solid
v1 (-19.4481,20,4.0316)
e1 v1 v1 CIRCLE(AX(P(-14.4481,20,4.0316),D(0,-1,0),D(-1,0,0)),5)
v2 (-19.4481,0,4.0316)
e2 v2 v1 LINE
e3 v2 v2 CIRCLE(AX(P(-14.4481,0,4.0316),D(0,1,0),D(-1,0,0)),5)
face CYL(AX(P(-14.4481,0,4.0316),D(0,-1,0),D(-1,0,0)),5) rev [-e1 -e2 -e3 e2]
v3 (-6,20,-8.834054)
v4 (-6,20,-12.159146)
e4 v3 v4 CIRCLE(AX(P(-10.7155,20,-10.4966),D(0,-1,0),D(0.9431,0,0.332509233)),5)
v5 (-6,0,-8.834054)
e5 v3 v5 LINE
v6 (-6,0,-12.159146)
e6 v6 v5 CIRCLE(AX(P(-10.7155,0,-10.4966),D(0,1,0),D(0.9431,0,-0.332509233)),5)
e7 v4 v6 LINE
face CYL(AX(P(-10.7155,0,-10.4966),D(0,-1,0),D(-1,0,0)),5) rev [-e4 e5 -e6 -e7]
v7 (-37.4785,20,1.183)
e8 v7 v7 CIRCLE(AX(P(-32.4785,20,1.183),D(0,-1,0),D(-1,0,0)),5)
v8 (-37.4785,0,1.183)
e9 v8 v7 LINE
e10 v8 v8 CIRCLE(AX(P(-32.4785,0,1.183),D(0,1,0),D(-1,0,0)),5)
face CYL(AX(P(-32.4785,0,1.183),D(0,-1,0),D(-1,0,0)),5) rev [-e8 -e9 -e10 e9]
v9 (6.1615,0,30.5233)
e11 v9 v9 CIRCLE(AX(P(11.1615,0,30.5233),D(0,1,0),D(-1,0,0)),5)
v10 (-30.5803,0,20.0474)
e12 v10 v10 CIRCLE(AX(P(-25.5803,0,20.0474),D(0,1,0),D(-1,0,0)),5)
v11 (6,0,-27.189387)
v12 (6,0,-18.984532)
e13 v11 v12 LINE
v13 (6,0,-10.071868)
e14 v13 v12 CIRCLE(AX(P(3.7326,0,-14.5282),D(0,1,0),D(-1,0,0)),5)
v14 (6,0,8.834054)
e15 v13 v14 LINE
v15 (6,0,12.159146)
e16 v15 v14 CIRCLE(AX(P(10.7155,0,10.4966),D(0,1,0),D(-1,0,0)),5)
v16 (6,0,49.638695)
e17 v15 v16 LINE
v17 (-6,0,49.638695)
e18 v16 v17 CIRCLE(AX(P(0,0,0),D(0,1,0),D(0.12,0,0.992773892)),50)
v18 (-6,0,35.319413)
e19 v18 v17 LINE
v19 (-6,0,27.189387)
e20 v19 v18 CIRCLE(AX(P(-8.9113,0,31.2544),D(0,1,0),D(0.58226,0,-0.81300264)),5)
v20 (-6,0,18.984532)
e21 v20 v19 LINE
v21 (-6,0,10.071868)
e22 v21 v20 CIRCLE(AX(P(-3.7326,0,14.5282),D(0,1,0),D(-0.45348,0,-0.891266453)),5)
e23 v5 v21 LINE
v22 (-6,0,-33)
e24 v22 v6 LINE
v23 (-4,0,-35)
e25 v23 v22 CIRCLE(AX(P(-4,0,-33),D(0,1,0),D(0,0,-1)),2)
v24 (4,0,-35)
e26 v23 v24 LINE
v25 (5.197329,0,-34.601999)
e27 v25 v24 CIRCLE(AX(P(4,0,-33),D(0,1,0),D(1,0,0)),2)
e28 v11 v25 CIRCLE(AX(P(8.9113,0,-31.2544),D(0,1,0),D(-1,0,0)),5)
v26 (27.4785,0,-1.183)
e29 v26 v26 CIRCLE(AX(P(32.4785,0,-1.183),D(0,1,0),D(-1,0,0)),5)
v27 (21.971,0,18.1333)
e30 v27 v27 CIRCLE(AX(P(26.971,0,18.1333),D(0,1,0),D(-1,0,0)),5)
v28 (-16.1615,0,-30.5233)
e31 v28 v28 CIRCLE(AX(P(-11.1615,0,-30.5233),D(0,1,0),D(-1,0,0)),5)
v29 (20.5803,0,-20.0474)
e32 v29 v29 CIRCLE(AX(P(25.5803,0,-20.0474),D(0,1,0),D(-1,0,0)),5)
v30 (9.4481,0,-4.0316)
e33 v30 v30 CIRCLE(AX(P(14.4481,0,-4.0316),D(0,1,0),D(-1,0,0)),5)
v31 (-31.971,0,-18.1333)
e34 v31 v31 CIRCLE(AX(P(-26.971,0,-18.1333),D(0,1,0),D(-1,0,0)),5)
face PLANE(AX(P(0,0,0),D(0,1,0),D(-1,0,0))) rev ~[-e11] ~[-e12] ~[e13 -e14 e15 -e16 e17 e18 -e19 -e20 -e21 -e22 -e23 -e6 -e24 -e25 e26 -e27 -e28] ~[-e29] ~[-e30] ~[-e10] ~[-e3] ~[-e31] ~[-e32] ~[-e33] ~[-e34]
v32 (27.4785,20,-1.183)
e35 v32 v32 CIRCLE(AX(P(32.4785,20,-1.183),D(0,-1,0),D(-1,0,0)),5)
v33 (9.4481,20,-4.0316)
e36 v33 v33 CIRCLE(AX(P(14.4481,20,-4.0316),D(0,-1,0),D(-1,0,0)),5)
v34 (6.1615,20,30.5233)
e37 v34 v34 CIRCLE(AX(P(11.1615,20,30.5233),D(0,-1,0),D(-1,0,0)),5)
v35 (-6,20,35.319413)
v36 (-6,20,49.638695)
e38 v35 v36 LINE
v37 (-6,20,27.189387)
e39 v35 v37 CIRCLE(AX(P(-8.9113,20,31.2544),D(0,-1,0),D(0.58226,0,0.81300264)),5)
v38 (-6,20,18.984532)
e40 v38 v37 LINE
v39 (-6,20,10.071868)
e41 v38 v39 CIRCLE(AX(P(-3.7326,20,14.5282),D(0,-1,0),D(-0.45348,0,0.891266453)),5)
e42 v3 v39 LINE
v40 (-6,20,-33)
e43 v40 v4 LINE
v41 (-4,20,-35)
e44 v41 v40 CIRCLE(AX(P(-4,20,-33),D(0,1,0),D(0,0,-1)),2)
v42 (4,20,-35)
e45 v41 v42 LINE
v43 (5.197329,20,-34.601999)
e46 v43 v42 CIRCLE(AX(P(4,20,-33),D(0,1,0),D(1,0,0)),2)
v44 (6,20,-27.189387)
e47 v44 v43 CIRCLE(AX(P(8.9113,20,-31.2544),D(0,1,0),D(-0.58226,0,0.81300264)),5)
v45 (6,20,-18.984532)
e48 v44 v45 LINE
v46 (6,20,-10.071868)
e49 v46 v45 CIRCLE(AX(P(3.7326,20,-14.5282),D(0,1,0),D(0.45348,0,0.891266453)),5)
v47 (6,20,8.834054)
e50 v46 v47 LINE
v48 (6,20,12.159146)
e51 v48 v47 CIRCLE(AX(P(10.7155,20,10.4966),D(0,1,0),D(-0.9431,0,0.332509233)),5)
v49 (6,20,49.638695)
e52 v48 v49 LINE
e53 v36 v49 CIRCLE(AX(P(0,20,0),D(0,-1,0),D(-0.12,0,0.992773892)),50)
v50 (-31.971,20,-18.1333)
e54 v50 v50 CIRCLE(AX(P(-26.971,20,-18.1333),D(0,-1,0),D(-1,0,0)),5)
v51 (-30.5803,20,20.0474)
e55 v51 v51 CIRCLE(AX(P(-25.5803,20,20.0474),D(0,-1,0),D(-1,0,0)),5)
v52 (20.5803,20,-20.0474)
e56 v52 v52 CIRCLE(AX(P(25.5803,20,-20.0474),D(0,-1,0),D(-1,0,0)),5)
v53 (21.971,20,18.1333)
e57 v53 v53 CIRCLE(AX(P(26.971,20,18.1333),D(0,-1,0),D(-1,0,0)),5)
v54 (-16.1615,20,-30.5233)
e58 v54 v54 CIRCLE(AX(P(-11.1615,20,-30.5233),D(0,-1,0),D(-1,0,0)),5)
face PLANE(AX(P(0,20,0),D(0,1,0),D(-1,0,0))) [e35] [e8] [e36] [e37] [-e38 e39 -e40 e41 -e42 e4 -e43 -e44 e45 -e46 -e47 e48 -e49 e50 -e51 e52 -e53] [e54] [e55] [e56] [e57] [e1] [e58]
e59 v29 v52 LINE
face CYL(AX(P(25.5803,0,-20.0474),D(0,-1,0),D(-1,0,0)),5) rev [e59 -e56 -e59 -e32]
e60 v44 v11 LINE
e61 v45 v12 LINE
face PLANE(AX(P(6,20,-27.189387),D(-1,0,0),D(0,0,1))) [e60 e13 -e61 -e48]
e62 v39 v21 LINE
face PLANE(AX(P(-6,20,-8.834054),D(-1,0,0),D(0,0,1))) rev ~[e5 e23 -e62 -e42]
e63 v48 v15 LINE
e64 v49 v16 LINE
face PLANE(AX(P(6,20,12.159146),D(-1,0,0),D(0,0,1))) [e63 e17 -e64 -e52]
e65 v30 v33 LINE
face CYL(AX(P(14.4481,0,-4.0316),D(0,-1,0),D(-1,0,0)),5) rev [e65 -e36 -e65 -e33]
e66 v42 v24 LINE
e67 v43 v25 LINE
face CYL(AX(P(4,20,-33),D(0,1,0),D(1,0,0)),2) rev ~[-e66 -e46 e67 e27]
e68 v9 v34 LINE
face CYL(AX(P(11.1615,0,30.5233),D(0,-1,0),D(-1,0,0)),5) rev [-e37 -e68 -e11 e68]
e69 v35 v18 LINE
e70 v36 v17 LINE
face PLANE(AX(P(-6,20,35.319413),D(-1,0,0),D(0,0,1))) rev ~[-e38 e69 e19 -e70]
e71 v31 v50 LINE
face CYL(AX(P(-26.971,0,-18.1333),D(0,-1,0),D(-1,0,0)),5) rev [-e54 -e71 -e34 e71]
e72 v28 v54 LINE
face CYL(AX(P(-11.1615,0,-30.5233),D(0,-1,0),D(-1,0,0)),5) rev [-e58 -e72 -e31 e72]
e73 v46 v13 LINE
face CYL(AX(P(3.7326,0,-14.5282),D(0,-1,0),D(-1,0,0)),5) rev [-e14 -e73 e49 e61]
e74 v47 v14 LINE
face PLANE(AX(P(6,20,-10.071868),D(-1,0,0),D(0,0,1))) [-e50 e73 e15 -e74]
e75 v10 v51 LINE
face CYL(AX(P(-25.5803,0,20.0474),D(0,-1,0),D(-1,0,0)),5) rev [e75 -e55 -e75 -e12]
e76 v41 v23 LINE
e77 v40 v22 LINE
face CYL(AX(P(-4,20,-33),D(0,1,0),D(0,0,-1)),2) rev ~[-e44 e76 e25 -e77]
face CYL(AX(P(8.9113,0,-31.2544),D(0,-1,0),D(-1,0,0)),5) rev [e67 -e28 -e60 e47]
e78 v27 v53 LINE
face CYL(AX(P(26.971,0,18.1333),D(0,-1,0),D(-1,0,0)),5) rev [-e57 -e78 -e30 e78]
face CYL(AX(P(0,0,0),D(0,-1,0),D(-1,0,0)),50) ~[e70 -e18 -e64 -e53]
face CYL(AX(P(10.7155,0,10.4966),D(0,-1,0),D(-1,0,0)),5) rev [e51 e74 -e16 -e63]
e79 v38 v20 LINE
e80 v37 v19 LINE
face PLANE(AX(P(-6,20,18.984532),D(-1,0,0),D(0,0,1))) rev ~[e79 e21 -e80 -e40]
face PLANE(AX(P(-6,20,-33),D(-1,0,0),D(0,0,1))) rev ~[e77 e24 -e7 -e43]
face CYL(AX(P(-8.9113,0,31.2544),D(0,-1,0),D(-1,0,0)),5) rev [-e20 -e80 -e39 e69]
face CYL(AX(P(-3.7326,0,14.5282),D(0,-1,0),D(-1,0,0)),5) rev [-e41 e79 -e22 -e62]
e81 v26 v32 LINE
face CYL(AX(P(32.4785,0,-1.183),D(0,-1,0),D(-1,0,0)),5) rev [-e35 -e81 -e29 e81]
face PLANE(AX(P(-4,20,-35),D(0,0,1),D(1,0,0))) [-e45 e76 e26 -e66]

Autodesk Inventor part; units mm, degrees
ref_plane "YZ Plane" through (0, 0, 0) normal (1, 0, 0) x (0, 1, 0)
ref_plane "XZ Plane" through (0, 0, 0) normal (0, 1, 0) x (-1, 0, 0)
ref_plane "XY Plane" through (0, 0, 0) normal (0, 0, 1) x (1, 0, 0)
sketch "Sketch1" plane through (0, 0, 0) normal (0, 1, 0) x (-1, 0, 0)
  circle A0 centre (0, 0) radius 50
  circle A1 centre (10.7155, -10.4966) radius 5
  circle A2 centre (14.4481, 4.0316) radius 5
  circle A3 centre (3.7326, 14.5282) radius 5
  circle A4 centre (-10.7155, 10.4966) radius 5
  circle A5 centre (-14.4481, -4.0316) radius 5
  circle A6 centre (-3.7326, -14.5282) radius 5
  circle A7 centre (26.971, -18.1333) radius 5
  circle A8 centre (32.4785, 1.183) radius 5
  circle A9 centre (25.5803, 20.0474) radius 5
  circle A10 centre (8.9113, 31.2544) radius 5
  circle A11 centre (-11.1615, 30.5233) radius 5
  circle A12 centre (-26.971, 18.1333) radius 5
  circle A13 centre (-32.4785, -1.183) radius 5
  circle A14 centre (-25.5803, -20.0474) radius 5
  circle A15 centre (-8.9113, -31.2544) radius 5
  circle A16 centre (11.1615, -30.5233) radius 5
  dimension "d0" = 100
  dimension "d4" = 10
  dimension "d7" = 360
  dimension "d10" = 10
  dimension "d13" = 360
extrude "Extrusion1" add sketch "Sketch1" along normal blind 20
sketch "Sketch3" plane through (0, 20, 0) normal (0, 1, 0) x (1, 0, 0)
  line L0 (-6, 33) -> (-6, -55)
  line L1 (6, 33) -> (6, -55.679)
  line L2 (-4, 35) -> (4, 35)
  arc A0 (-4, 35) -> (-6, 33) centre (-4, 33) ccw
  arc A1 (6, 33) -> (4, 35) centre (4, 33) ccw
  circle A2 centre (0, 0) radius 50 projected
  circle A3 centre (-11.1615, 30.5233) radius 5 projected
  circle A4 centre (8.9113, 31.2544) radius 5 projected
  circle A5 centre (25.5803, 20.0474) radius 5 projected
  circle A6 centre (32.4785, 1.183) radius 5 projected
  circle A7 centre (26.971, -18.1333) radius 5 projected
  circle A8 centre (11.1615, -30.5233) radius 5 projected
  circle A9 centre (-8.9113, -31.2544) radius 5 projected
  circle A10 centre (-25.5803, -20.0474) radius 5 projected
  circle A11 centre (-32.4785, -1.183) radius 5 projected
  circle A12 centre (-26.971, 18.1333) radius 5 projected
  circle A13 centre (3.7326, 14.5282) radius 5 projected
  circle A14 centre (14.4481, 4.0316) radius 5 projected
  circle A15 centre (10.7155, -10.4966) radius 5 projected
  circle A16 centre (-3.7326, -14.5282) radius 5 projected
  circle A17 centre (-14.4481, -4.0316) radius 5 projected
  circle A18 centre (-10.7155, 10.4966) radius 5 projected
  point P0 (-6, 35)
  point P1 (0, 10)
  point P2 (-6, -10.0719)
  point P3 (-6, -18.9845)
  point P4 (-6, -49.6387)
  point P5 (6, -49.6387)
  point P6 (-6, -27.1894)
  point P7 (-6, -35.3194)
  point P8 (6, -12.1592)
  point P9 (6, -8.834)
  point P10 (0, 35)
  dimension "d26" = 6
  dimension "d27" = 90
  dimension "d28" = 12
  dimension "d29" = 2
  dimension "d30" = 2
  dimension "d34" = 35
extrude "Extrusion3" cut sketch "Sketch3" against normal through all contours A0 L2 A1 A4 L1 A13 A15 A2 L0 A9 A16 A18 | A18 L0 | L0 A18 | A16 L0 | L0 A16 | A4 L1 A1 | A1 L1 A4 | A9 L0 | L0 A9 | A13 L1 | L1 A13 | A15 L1 | L1 A15 | A3 | A5 | A6 | A7 | A8 | A10 | A11 | A12 | A14 | A17 picked at (2.6962, -31.0174)
properties part number "Filter_1" material "Steel"
